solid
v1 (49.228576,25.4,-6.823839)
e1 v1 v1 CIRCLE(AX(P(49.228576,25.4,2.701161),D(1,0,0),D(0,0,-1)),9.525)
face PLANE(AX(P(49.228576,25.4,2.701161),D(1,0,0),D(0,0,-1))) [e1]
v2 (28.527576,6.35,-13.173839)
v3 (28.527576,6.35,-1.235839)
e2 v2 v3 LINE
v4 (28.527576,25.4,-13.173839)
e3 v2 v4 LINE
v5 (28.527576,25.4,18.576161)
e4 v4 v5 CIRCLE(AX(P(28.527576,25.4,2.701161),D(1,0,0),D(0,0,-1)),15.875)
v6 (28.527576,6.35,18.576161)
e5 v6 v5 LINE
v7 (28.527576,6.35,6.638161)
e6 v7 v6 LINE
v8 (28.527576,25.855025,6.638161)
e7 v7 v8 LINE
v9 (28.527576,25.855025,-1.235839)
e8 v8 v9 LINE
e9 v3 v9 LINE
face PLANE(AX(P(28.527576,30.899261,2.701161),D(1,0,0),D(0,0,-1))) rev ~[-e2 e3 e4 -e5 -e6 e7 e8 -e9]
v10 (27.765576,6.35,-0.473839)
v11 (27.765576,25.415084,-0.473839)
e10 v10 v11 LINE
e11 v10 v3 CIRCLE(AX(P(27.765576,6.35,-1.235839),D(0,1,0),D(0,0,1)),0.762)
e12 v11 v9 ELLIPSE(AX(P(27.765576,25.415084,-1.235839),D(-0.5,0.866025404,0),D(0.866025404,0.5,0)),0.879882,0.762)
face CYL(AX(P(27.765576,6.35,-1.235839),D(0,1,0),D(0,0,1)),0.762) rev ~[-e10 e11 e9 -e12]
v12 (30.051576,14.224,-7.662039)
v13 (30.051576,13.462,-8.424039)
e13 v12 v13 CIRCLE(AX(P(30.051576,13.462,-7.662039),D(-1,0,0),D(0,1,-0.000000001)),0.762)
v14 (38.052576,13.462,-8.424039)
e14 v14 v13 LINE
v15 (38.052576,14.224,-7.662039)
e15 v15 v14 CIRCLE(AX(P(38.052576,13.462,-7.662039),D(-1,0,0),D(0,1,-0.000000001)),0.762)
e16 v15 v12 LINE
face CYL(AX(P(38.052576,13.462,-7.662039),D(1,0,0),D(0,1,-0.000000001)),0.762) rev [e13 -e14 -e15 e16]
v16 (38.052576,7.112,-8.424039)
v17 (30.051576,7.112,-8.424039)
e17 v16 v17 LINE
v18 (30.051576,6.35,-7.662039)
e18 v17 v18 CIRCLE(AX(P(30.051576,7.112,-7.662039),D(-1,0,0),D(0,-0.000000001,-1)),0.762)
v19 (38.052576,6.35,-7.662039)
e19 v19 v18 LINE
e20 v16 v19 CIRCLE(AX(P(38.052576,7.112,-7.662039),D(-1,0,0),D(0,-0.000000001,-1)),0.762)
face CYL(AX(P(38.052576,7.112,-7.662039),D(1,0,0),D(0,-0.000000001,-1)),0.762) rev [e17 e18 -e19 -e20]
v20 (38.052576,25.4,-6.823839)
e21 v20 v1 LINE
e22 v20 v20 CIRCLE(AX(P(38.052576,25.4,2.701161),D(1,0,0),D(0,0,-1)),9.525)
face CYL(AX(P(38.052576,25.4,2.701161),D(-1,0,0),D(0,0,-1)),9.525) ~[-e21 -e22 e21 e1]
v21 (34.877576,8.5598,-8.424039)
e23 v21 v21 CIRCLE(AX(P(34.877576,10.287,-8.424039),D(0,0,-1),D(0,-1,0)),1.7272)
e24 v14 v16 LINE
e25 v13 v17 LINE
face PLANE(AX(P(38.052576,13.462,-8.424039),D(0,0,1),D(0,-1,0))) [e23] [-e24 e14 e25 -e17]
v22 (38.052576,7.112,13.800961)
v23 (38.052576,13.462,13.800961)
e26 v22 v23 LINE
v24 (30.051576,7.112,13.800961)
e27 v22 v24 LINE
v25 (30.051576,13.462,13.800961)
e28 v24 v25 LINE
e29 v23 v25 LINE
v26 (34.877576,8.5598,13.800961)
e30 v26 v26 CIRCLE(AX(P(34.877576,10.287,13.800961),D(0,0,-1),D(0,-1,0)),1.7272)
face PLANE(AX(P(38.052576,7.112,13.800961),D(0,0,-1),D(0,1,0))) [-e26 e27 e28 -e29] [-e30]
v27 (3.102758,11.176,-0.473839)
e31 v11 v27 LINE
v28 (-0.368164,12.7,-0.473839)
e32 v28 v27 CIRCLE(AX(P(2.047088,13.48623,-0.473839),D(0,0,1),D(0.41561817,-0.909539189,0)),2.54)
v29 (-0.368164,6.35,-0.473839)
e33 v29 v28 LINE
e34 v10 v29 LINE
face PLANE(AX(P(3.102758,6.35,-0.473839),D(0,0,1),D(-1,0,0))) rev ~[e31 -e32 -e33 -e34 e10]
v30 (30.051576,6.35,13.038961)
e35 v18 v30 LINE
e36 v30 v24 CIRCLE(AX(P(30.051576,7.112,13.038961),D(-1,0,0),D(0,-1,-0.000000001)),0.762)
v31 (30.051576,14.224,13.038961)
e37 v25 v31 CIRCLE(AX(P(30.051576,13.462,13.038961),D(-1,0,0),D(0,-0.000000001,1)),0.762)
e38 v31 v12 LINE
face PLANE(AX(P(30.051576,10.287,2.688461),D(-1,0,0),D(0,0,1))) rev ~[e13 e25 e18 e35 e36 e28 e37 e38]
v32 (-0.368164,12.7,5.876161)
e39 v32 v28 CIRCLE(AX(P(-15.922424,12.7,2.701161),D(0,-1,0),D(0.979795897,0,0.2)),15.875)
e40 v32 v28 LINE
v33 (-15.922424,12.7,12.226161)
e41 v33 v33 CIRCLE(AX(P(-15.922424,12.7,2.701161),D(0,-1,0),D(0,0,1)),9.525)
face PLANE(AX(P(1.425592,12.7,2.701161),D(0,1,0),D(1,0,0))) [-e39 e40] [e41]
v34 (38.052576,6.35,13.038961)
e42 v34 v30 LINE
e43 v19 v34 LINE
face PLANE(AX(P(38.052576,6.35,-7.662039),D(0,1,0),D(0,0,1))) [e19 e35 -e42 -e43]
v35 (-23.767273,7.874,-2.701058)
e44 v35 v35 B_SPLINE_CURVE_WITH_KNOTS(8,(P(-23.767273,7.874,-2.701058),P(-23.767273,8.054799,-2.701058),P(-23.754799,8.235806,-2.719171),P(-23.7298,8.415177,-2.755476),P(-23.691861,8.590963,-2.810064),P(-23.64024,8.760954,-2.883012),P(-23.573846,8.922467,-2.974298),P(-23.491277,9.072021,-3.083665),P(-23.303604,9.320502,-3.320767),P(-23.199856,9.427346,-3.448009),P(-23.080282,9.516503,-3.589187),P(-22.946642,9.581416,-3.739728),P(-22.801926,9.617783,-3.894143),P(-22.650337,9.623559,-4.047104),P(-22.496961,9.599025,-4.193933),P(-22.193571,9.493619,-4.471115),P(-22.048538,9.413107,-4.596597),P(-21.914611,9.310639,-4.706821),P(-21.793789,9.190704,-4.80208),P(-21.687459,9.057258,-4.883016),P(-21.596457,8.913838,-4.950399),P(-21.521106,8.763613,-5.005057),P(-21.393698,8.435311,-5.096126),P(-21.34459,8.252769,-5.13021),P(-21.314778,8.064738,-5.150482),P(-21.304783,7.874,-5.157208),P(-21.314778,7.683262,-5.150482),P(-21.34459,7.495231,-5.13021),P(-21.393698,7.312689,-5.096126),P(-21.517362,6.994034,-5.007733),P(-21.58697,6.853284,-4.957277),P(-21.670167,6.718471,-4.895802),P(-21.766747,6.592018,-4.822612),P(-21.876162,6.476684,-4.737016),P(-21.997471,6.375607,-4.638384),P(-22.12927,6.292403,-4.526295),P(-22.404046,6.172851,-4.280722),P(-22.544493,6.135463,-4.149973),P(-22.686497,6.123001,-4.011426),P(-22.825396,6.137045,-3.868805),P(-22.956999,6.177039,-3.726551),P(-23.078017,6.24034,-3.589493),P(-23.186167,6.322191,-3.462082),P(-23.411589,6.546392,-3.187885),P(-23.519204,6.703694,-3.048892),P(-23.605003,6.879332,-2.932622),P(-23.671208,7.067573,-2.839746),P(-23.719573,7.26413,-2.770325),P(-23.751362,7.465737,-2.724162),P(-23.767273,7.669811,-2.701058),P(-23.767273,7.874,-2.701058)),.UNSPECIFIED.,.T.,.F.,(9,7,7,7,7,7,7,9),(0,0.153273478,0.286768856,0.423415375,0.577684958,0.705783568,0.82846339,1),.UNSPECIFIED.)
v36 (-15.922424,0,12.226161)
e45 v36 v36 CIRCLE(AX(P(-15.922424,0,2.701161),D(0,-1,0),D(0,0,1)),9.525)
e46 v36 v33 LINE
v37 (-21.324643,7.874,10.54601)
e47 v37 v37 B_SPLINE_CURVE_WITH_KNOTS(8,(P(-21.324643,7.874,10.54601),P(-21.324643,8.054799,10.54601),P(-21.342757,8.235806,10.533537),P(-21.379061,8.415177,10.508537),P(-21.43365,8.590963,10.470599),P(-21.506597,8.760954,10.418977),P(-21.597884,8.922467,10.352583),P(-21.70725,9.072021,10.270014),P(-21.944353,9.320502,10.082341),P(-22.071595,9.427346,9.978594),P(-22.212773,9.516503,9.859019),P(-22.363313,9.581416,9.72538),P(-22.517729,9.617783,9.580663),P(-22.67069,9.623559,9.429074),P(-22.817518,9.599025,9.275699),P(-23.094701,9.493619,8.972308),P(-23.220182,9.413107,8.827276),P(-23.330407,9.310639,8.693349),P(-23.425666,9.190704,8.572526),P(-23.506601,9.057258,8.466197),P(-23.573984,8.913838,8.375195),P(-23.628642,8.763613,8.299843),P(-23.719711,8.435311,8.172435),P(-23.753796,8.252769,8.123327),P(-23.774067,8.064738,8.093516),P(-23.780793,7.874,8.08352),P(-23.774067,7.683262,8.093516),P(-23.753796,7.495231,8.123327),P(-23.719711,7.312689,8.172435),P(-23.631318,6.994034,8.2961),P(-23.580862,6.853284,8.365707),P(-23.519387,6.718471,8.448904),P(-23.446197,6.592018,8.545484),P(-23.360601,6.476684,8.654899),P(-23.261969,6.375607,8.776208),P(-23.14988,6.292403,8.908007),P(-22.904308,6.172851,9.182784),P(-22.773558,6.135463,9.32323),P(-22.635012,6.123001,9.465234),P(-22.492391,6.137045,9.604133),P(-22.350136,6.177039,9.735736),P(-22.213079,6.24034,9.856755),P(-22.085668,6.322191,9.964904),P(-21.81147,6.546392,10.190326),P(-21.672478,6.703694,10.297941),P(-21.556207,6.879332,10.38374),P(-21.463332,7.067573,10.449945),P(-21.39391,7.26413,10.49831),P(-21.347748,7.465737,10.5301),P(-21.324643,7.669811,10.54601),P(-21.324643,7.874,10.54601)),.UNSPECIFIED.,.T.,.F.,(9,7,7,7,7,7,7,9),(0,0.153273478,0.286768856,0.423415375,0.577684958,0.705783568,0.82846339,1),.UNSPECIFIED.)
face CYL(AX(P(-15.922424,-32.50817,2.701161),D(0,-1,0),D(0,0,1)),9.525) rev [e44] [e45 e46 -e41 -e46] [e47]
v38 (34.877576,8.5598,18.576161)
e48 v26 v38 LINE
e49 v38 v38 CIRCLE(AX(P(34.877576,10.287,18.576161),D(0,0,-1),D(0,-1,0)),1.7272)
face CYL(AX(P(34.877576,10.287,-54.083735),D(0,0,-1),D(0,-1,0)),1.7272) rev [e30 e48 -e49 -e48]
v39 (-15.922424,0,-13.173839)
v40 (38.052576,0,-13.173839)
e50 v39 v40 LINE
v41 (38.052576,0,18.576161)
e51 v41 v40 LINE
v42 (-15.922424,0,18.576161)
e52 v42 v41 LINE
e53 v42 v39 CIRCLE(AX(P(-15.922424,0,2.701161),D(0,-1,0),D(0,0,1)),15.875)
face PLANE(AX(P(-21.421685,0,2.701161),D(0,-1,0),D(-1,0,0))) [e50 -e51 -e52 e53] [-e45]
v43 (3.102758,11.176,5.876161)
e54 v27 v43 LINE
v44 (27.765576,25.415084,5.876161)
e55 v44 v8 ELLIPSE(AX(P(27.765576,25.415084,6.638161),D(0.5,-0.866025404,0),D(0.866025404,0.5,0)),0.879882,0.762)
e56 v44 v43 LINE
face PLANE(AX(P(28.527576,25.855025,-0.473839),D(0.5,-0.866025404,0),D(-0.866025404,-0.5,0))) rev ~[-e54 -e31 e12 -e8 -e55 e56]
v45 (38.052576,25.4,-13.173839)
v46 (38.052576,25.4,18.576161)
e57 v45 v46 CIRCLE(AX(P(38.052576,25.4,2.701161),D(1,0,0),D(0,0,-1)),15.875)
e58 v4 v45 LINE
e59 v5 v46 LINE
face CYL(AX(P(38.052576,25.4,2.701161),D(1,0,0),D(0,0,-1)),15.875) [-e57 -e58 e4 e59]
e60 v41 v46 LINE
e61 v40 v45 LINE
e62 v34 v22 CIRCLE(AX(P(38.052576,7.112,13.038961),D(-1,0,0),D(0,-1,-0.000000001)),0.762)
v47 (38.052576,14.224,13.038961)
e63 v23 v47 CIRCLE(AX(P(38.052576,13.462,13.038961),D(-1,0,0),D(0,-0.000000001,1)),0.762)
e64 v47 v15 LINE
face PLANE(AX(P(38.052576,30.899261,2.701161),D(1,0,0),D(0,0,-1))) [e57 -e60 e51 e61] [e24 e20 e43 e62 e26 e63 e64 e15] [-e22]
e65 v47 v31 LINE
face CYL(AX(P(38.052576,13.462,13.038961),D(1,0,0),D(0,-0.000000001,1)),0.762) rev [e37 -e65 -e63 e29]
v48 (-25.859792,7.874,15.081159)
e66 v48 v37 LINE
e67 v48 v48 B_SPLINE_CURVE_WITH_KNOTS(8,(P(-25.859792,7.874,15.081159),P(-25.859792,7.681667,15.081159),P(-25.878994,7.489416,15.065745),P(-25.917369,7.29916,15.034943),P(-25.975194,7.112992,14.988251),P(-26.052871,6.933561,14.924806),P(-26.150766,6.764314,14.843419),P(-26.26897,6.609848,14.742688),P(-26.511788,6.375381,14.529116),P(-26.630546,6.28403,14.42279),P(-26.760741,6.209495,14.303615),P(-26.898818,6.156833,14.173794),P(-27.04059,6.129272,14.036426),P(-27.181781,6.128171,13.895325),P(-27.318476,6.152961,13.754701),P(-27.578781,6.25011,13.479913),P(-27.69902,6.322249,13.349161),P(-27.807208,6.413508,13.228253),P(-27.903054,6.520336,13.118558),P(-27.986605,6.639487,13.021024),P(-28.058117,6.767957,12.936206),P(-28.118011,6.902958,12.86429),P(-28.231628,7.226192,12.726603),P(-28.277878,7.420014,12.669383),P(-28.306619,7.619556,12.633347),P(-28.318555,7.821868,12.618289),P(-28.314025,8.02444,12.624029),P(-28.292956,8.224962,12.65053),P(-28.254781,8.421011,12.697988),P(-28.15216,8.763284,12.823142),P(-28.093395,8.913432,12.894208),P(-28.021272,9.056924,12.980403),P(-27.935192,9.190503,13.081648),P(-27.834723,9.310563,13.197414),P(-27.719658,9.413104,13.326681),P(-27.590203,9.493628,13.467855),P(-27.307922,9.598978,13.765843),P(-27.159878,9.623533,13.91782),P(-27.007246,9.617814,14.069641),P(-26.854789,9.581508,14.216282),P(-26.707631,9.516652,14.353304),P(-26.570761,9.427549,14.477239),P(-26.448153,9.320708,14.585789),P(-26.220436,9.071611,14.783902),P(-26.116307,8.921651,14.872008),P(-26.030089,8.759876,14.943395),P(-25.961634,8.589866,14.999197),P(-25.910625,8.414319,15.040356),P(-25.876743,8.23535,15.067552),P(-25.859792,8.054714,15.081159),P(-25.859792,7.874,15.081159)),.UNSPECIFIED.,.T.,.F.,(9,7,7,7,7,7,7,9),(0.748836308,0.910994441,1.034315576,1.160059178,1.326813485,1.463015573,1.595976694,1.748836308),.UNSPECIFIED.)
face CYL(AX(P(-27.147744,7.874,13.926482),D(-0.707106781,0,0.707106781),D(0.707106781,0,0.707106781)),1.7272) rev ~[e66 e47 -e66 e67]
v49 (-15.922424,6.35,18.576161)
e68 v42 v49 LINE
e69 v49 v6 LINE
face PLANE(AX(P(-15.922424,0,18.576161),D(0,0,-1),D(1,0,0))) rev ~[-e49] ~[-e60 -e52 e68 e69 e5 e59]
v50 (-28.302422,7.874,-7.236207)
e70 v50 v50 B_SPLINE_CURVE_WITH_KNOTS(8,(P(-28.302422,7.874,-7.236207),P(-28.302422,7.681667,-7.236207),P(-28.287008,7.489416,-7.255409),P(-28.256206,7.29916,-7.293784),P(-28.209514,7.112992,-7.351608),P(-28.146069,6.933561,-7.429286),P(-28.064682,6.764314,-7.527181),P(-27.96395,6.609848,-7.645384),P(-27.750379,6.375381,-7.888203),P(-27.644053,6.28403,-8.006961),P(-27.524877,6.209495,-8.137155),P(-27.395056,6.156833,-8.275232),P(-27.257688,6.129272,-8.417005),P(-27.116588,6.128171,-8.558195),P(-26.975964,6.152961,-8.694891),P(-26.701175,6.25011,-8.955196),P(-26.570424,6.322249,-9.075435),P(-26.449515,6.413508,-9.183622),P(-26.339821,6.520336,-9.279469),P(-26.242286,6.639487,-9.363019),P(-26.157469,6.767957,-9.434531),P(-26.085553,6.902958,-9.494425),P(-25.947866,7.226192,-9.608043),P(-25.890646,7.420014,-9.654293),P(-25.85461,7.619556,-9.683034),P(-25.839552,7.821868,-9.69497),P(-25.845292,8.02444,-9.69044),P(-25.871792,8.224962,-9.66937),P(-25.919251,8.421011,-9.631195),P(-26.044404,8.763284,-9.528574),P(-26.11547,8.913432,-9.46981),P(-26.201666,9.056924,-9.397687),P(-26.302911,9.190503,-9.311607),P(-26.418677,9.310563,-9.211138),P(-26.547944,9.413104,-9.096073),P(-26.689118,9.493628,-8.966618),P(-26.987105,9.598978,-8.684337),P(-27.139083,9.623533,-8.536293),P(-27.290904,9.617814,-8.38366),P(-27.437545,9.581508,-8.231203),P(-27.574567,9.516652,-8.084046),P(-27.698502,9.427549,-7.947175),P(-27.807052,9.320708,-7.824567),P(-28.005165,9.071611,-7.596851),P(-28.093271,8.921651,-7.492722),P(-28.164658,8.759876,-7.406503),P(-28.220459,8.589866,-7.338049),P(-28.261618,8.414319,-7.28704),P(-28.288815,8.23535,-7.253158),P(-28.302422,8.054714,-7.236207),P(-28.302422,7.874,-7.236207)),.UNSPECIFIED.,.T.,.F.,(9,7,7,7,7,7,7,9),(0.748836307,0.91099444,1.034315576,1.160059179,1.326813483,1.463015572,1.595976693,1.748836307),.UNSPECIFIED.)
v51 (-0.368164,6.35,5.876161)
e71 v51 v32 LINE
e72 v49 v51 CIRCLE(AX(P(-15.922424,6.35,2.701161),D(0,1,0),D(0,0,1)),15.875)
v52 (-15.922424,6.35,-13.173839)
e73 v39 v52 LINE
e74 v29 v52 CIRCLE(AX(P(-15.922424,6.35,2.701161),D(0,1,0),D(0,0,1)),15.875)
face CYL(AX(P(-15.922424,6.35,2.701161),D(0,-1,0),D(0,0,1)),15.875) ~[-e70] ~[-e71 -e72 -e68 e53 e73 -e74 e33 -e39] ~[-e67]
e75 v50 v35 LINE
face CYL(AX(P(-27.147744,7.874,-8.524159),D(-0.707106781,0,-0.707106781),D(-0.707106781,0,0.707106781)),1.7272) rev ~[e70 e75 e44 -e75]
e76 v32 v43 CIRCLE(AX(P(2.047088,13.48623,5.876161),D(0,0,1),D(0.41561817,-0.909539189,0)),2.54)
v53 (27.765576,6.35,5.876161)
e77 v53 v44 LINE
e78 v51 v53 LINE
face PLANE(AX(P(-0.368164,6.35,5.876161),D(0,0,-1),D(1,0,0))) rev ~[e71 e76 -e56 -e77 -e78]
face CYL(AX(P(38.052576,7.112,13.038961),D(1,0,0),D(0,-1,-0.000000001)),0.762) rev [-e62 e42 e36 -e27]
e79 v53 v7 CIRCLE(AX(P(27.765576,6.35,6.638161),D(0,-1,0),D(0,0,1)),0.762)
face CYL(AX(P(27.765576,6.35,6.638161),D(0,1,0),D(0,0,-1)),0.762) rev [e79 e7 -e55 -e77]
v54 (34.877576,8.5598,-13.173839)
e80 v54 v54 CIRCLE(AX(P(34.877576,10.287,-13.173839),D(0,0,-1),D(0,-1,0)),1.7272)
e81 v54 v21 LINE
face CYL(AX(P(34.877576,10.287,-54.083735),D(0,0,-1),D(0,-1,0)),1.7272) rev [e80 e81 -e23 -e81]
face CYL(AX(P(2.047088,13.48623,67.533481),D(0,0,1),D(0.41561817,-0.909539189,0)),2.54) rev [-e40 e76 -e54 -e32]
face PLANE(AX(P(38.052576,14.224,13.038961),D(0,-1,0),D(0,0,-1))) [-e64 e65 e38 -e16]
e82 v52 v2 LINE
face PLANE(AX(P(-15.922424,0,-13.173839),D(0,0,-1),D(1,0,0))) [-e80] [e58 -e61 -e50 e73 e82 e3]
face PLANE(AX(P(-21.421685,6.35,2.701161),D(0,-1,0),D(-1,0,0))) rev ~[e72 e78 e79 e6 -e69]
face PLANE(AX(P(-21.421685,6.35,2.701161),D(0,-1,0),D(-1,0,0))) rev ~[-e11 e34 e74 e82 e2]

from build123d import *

# Parameters (mm, degrees)
SKETCH4_W                 = 53.975
SKETCH4_H                 = 31.75
BOSS_EXTRUDE1_DEPTH       = 6.35
SKETCH5_R                 = 15.875
BOSS_EXTRUDE2_DEPTH       = 6.35
CUT_EXTRUDE1_DEPTH        = 45.208170155
CUT_EXTRUDE1_DEPTH_BACK   = 45.208170155
SKETCH6_R                 = 9.525
SKETCH7_W                 = 9.525
SKETCH7_H                 = 25.4
BOSS_EXTRUDE3_DEPTH       = 31.75
BOSS_EXTRUDE4_DEPTH       = 9.525
SKETCH9_R                 = 9.525
BOSS_EXTRUDE5_DEPTH       = 11.176
CUT_EXTRUDE2_DEPTH        = 8.001
BOSS_EXTRUDE11_DEPTH      = 3.175
BOSS_EXTRUDE11_DEPTH_BACK = 3.175
BOSS_EXTRUDE12_START      = -6.35
BOSS_EXTRUDE12_DEPTH      = 6.35
CUT_EXTRUDE3_DEPTH        = 68.007319115
CUT_EXTRUDE3_DEPTH_BACK   = 68.007319115
CUT_EXTRUDE5_REACH        = 87.932
CUT_EXTRUDE5_END_RADIUS   = 9.525
SKETCH21_R                = 1.7272
CIRPATTERN1_COUNT         = 2
CIRPATTERN1_ANGLE         = 90
FILLET3_R                 = 0.762
CUT_EXTRUDE6_DEPTH        = 72.659896883
CUT_EXTRUDE6_DEPTH_BACK   = 72.659896883
SKETCH22_R                = 1.7272


with BuildPart() as part:
    # Sketch4 → Boss-Extrude1 (new body)
    with BuildSketch(Plane(origin=(0, 0, 0), x_dir=(1, 0, 0), z_dir=(0, 1, 0))):
        with BuildLine():
            Line((-15.922424051, 13.173838608), (-15.922424051, -18.576161392))
            ThreePointArc((-15.922424051, -18.576161392), (-31.797424051, -2.701161392), (-15.922424051, 13.173838608))
        make_face()
        with Locations((11.065075949, -2.701161392)):
            Rectangle(SKETCH4_W, SKETCH4_H)
    extrude(amount=BOSS_EXTRUDE1_DEPTH)

    # Sketch5 → Boss-Extrude2 (add)
    with BuildSketch(Plane(origin=(0, 6.35, 0), x_dir=(1, 0, 0), z_dir=(0, 1, 0))):
        with Locations(Location((-15.922424051, -2.701161392, 0), (0, 0, 270))):
            Circle(SKETCH5_R)
    extrude(amount=BOSS_EXTRUDE2_DEPTH)

    # Sketch6 → Cut-Extrude1 (cut, two sides: drawn at the far end of the back side and taken through both)
    with BuildSketch(Plane(origin=(0, 12.7, 0), x_dir=(1, 0, 0), z_dir=(0, 1, 0)).offset(-CUT_EXTRUDE1_DEPTH_BACK)):
        with Locations(Location((-15.922424051, -2.701161392, 0), (0, 0, 270))):
            Circle(SKETCH6_R)
    extrude(amount=CUT_EXTRUDE1_DEPTH + CUT_EXTRUDE1_DEPTH_BACK, mode=Mode.SUBTRACT)

    # Sketch7 → Boss-Extrude3 (add)
    with BuildSketch(Plane.XY.offset(18.576161392)):
        with Locations((33.290075949, 12.7)):
            Rectangle(SKETCH7_W, SKETCH7_H)
    extrude(amount=-BOSS_EXTRUDE3_DEPTH)

    # Sketch8 → Boss-Extrude4 (add)
    with BuildSketch(Plane(origin=(38.052575949, 0, 0), x_dir=(0, 0, -1), z_dir=(1, 0, 0))):
        with BuildLine():
            Line((-18.576161392, 25.4), (13.173838608, 25.4))
            ThreePointArc((13.173838608, 25.4), (-2.701161392, 41.275), (-18.576161392, 25.4))
        make_face()
    extrude(amount=-BOSS_EXTRUDE4_DEPTH)

    # Sketch9 → Boss-Extrude5 (add)
    with BuildSketch(Plane(origin=(38.052575949, 0, 0), x_dir=(0, 0, -1), z_dir=(1, 0, 0))):
        with Locations((-2.701161392, 25.4)):
            Circle(SKETCH9_R)
    extrude(amount=BOSS_EXTRUDE5_DEPTH)

    # Sketch10 → Cut-Extrude2 (cut)
    with BuildSketch(Plane(origin=(38.052575949, 0, 0), x_dir=(0, 0, -1), z_dir=(1, 0, 0))):
        with BuildLine():
            Line((-13.038961392, 14.224), (7.662038608, 14.224))
            ThreePointArc((7.662038608, 14.224), (8.200853975, 14.000815367), (8.424038608, 13.462))
            Line((8.424038608, 13.462), (8.424038608, 7.112))
            ThreePointArc((8.424038608, 7.112), (8.200853975, 6.573184633), (7.662038608, 6.35))
            Line((7.662038608, 6.35), (-13.038961392, 6.35))
            ThreePointArc((-13.038961392, 6.35), (-13.57777676, 6.573184633), (-13.800961392, 7.112))
            Line((-13.800961392, 7.112), (-13.800961392, 13.462))
            ThreePointArc((-13.800961392, 13.462), (-13.57777676, 14.000815367), (-13.038961392, 14.224))
        make_face()
    extrude(amount=-CUT_EXTRUDE2_DEPTH, mode=Mode.SUBTRACT)

    # Sketch12 → Boss-Extrude11 (add, two sides: drawn at the far end of the back side and taken through both)
    with BuildSketch(Plane.XY.offset(2.701161392).offset(-BOSS_EXTRUDE11_DEPTH_BACK)):
        Polygon((28.527575949, 6.35), (28.527575949, 25.8550254), (3.102758151, 11.176), (3.102758151, 6.35), align=None)
    extrude(amount=BOSS_EXTRUDE11_DEPTH + BOSS_EXTRUDE11_DEPTH_BACK)

    # Sketch17 → Boss-Extrude12 (add)
    with BuildSketch(Plane(origin=(0, 12.7, 0), x_dir=(1, 0, 0), z_dir=(0, 1, 0)).offset(BOSS_EXTRUDE12_START)):
        with BuildLine():
            Line((3.102758151, 0.473838608), (-0.368164184, 0.473838608))
            ThreePointArc((-0.368164184, 0.473838608), (-0.047424051, -2.701161392), (-0.368164184, -5.876161392))
            Line((-0.368164184, -5.876161392), (3.102758151, -5.876161392))
            Line((3.102758151, -5.876161392), (3.102758151, 0.473838608))
        make_face()
    extrude(amount=BOSS_EXTRUDE12_DEPTH)

    # Sketch19 → Cut-Extrude3 (cut, two sides: drawn at the far end of the back side and taken through both)
    with BuildSketch(Plane(origin=(0, 0, -0.473838608), x_dir=(-1, 0, 0), z_dir=(0, 0, -1)).offset(-CUT_EXTRUDE3_DEPTH_BACK)):
        with BuildLine():
            Line((0.368164184, 12.7), (-3.102758151, 12.7))
            Line((-3.102758151, 12.7), (-3.102758151, 11.176))
            ThreePointArc((-3.102758151, 11.176), (-1.025931877, 11.160538208), (0.368164184, 12.7))
        make_face()
    extrude(amount=CUT_EXTRUDE3_DEPTH + CUT_EXTRUDE3_DEPTH_BACK, mode=Mode.SUBTRACT)

    # Cut-Extrude5: up to this cylinder (the profile starts outside it)
    cut_extrude5_end = Plane(origin=(-15.922424051, 7.874, 2.701161392), z_dir=(0, 1, 0)) * Cylinder(CUT_EXTRUDE5_END_RADIUS, 195.914, mode=Mode.PRIVATE)
    # Sketch21 → Cut-Extrude5 (cut, up to the surface)
    with BuildSketch(Plane(origin=(-27.147744202, 12.7, 13.926481544), x_dir=(0.7071067811865489, 0, 0.7071067811865462), z_dir=(-0.7071067811865462, 0, 0.7071067811865489)), mode=Mode.PRIVATE) as cut_extrude5_sk1:
        with Locations((0, -4.826)):
            Circle(SKETCH21_R)
    cut_extrude5_tool1 = extrude(cut_extrude5_sk1.sketch, amount=-CUT_EXTRUDE5_REACH, mode=Mode.PRIVATE) - cut_extrude5_end
    cut_extrude5 = cut_extrude5_tool1.solids().sort_by_distance((-27.147744, 7.874, 13.926482))[0]
    add(cut_extrude5, mode=Mode.SUBTRACT)

    # CirPattern1: Cut-Extrude5 ×2 about axis
    cirpattern1_axis = Axis((-15.922424051, 0, 2.701161392), (0, -1, 0))
    for i in range(1, CIRPATTERN1_COUNT):
        add(cut_extrude5.rotate(cirpattern1_axis, i * CIRPATTERN1_ANGLE / (CIRPATTERN1_COUNT - 1)), mode=Mode.SUBTRACT)

    # Fillet3
    fillet3_edges = [part.edges().sort_by_distance(p)[0] for p in [
        (28.527575949, 16.1025127, -0.473838608),
        (28.527575949, 16.1025127, 5.876161392),
    ]]
    fillet(fillet3_edges, radius=FILLET3_R)

    # Sketch22 → Cut-Extrude6 (cut, two sides: drawn at the far end of the back side and taken through both)
    with BuildSketch(Plane.XY.offset(18.576161392).offset(-CUT_EXTRUDE6_DEPTH_BACK)):
        with Locations(Location((34.877575949, 10.287, 0), (0, 0, 270))):
            Circle(SKETCH22_R)
    extrude(amount=CUT_EXTRUDE6_DEPTH + CUT_EXTRUDE6_DEPTH_BACK, mode=Mode.SUBTRACT)


solid = part.part
